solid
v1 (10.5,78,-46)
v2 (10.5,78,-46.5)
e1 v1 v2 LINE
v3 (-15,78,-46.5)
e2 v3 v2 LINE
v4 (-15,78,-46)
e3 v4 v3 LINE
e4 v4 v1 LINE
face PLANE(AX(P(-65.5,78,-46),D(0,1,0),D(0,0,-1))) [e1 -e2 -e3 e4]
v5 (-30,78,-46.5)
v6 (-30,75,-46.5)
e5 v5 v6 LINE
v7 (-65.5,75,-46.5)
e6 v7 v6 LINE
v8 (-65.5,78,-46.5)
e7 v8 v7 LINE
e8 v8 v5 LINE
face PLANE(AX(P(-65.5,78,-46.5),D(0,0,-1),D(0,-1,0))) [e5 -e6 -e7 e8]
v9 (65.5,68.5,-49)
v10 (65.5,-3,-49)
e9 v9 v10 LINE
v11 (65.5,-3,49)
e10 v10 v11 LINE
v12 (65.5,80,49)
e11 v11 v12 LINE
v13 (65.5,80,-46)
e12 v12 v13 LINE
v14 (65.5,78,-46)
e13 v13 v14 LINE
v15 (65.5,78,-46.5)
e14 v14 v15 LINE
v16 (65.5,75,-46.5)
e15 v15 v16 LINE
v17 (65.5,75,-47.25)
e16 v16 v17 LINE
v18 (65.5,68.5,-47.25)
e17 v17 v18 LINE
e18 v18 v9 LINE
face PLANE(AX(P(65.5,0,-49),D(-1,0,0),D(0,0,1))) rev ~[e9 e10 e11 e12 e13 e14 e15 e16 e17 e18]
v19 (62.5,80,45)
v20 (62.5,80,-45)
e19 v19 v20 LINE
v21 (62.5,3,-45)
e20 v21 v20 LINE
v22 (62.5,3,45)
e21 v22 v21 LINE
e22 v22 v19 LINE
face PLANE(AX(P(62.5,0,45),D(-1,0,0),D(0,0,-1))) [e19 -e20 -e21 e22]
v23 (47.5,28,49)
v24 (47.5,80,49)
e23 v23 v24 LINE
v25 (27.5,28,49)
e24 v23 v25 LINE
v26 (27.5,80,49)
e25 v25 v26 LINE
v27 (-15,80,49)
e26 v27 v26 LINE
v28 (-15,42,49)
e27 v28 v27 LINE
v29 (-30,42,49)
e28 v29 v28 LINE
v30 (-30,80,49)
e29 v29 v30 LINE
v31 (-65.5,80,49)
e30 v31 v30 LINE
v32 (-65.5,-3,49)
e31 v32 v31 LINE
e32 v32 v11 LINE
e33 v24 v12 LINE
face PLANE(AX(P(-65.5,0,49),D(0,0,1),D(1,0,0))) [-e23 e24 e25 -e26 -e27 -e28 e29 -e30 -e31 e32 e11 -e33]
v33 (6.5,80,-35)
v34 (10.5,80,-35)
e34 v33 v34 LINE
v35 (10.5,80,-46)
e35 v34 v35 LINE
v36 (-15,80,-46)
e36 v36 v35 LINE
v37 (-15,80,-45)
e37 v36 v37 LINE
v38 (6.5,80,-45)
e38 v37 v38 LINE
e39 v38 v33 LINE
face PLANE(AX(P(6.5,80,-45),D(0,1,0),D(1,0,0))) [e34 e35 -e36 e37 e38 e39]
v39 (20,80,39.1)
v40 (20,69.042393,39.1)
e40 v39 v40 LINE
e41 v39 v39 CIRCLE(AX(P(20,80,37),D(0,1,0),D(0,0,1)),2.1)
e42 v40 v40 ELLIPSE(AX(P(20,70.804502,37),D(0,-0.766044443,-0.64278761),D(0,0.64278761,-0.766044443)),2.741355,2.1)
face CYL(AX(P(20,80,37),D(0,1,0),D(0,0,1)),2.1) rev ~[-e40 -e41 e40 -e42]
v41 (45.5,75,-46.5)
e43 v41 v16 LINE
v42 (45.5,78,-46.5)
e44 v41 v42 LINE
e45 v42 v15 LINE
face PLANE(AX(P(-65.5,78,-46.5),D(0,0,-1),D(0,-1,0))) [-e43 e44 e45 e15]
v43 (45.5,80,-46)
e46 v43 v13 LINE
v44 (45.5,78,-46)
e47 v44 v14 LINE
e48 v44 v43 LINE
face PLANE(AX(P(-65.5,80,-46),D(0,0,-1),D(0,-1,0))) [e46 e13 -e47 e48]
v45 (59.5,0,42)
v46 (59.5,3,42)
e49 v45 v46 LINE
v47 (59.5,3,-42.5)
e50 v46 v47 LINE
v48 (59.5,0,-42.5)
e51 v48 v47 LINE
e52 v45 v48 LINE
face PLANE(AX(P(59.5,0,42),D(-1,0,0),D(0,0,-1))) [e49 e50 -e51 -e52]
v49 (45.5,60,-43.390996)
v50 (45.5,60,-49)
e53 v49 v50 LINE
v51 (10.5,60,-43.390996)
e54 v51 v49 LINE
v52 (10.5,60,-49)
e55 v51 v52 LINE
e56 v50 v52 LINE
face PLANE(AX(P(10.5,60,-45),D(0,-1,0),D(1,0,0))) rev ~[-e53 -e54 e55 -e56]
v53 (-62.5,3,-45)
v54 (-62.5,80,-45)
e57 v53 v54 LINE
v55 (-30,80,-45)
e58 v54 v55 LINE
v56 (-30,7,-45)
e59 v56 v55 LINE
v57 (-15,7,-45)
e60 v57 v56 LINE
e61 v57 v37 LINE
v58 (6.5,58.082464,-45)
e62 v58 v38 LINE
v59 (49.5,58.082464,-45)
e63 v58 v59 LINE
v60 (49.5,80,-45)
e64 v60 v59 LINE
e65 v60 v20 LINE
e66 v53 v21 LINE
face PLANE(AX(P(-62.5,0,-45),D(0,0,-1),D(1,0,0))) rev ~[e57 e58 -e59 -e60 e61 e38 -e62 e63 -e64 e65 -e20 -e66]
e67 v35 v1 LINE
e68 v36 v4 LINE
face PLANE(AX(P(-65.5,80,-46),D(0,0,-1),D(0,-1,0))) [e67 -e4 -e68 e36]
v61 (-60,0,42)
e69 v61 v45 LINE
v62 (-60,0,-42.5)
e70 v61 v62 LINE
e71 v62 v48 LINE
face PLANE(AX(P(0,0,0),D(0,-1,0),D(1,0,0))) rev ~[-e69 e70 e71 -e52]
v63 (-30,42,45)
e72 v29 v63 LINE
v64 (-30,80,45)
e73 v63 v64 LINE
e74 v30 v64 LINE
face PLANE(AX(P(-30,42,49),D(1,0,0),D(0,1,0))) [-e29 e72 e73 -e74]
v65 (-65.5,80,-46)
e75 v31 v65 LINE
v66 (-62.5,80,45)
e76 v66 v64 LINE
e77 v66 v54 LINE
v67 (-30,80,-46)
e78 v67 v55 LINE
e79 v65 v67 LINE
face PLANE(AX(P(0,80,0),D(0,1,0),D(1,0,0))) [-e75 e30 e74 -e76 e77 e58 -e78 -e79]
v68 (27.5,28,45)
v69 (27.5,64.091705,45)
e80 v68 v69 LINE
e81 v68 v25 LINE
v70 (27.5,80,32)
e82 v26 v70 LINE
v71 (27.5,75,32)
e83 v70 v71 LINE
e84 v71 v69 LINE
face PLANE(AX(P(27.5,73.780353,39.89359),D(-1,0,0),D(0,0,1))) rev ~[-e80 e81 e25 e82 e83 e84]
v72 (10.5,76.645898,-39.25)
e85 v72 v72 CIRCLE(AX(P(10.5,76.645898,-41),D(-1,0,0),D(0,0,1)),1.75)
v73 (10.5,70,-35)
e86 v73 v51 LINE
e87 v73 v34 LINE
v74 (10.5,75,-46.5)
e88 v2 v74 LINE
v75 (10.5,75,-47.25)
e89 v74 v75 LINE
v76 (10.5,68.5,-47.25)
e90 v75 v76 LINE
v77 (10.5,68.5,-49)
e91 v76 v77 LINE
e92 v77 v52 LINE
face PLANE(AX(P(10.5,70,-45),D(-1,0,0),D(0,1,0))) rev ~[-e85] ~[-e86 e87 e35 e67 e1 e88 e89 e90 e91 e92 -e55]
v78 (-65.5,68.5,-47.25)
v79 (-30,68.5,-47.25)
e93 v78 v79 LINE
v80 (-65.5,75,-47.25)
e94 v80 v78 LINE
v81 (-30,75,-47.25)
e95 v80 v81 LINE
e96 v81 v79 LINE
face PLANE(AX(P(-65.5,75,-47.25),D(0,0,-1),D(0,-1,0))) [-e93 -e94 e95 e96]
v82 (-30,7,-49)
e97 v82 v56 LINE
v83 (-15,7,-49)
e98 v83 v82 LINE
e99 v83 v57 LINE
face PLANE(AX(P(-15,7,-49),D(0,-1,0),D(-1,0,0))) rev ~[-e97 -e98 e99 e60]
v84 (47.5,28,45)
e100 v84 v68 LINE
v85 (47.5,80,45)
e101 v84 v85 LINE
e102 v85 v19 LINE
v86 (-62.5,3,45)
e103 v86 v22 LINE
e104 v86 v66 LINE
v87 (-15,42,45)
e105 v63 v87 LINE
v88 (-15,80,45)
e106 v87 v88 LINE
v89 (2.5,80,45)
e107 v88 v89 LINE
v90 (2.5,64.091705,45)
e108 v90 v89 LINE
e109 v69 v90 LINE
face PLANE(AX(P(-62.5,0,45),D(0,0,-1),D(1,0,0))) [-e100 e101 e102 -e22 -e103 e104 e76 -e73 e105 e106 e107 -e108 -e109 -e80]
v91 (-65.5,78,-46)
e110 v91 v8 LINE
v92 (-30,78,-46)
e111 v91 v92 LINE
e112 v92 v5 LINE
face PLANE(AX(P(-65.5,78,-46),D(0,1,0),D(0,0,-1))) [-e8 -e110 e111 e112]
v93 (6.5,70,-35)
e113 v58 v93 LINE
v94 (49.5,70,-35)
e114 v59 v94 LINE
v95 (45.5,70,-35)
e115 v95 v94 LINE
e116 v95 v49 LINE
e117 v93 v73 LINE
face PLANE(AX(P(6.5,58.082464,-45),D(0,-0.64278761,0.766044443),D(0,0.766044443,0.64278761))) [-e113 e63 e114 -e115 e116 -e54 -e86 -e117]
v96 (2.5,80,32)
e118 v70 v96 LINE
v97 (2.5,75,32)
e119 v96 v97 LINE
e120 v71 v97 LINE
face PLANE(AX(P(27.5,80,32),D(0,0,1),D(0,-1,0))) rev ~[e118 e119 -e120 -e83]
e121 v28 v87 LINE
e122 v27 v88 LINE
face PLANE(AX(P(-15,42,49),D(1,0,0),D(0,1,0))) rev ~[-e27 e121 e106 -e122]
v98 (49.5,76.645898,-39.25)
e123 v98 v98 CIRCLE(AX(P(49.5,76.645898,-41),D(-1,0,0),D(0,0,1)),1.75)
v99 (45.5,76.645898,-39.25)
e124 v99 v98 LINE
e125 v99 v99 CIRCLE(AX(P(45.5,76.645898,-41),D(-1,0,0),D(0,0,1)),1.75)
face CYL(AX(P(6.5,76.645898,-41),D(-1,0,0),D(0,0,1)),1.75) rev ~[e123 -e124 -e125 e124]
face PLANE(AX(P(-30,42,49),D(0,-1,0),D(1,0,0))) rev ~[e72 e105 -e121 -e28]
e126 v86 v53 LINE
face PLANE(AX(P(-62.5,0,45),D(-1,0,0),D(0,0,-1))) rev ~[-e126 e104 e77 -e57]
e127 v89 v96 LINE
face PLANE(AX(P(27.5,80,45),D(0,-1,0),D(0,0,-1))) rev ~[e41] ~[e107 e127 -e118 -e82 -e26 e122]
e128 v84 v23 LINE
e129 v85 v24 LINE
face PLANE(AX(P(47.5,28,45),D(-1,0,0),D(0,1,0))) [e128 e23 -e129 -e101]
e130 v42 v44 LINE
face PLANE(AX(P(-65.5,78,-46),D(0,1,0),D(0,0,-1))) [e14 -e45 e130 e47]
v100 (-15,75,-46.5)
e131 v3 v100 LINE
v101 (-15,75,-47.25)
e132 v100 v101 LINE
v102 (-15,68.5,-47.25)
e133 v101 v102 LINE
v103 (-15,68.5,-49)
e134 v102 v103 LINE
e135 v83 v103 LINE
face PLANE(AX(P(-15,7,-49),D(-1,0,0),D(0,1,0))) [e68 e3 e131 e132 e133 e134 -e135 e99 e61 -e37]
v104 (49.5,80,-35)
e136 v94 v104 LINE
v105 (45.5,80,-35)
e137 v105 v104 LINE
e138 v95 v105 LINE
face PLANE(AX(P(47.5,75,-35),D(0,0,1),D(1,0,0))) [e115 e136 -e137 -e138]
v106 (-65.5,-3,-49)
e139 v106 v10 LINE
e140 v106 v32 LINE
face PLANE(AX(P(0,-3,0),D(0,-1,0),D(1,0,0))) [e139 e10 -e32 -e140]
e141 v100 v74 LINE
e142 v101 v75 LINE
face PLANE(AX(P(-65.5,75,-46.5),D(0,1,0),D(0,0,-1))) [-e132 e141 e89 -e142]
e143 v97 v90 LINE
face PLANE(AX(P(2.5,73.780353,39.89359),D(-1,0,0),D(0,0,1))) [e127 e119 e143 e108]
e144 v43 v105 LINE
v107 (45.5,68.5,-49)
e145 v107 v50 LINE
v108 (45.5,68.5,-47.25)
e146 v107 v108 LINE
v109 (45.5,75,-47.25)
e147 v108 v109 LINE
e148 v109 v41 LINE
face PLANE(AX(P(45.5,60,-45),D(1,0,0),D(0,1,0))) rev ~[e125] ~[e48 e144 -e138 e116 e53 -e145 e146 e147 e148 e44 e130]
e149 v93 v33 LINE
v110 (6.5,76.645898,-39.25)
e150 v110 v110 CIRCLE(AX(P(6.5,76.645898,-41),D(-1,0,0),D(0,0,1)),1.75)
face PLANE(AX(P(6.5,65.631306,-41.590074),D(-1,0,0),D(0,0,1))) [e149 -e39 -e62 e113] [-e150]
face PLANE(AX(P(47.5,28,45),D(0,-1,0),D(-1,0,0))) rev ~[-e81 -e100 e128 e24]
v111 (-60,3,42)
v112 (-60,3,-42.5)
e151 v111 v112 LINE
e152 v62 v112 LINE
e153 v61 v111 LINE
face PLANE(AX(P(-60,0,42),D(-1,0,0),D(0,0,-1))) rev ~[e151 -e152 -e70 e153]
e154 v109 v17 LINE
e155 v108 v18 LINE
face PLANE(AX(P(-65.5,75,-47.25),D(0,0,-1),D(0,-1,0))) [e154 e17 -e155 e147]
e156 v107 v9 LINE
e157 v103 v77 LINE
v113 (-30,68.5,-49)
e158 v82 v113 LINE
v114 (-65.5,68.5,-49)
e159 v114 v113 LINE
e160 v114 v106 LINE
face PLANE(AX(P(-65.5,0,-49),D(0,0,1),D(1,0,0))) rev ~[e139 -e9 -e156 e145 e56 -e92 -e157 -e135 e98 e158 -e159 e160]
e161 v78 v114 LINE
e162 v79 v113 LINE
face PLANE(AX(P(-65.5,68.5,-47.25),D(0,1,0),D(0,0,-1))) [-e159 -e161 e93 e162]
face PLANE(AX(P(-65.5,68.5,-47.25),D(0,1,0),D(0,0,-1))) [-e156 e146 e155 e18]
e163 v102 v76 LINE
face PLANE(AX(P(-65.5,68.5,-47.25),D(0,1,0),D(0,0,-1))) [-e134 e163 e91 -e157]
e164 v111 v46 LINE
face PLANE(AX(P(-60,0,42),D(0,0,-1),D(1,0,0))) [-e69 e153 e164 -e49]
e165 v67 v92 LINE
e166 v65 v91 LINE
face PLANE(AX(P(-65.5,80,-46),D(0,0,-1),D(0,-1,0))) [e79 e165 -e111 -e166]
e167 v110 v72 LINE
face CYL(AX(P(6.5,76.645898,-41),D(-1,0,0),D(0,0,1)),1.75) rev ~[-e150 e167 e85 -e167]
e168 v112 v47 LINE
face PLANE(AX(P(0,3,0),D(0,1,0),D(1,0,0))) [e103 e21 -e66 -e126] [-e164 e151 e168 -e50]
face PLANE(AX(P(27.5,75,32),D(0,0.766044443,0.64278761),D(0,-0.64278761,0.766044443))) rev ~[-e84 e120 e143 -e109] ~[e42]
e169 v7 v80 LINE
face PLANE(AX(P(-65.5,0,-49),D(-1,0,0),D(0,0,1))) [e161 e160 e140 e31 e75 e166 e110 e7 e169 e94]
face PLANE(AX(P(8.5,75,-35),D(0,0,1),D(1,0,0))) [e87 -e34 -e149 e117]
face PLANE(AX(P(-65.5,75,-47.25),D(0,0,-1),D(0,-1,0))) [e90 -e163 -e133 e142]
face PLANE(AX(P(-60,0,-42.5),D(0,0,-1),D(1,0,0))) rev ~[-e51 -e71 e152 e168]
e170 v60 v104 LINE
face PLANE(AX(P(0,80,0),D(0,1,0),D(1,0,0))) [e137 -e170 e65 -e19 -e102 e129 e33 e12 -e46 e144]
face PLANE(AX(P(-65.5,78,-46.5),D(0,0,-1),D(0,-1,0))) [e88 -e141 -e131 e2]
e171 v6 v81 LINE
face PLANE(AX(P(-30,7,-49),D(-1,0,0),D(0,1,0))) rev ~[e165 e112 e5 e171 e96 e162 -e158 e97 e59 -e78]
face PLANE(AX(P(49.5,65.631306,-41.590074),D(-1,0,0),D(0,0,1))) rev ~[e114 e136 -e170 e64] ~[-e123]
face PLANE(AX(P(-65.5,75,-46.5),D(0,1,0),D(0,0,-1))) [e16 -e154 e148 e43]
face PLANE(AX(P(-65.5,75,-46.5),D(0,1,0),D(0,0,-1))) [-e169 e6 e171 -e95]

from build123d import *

# Parameters (mm, degrees)
SKETCH1_W                       = 131
SKETCH1_H                       = 98
SKETCH1_W_2                     = 125
SKETCH1_H_2                     = 90
BOSS_EXTRUDE1_DEPTH             = 80
SKETCH2_W                       = 131
SKETCH2_H                       = 98
BOSS_EXTRUDE2_DEPTH             = 3
SKETCH4_W                       = 125
SKETCH4_H                       = 90
SKETCH4_W_2                     = 119.5
SKETCH4_H_2                     = 84.5
BOSS_EXTRUDE3_DEPTH             = 3
SKETCH5_W                       = 15
SKETCH5_H                       = 73
CABLE_CUT_TOP_DEPTH             = 4
CABLE_CUT_BOTTOM_RIGHT_REACH    = 141.736
SKETCH6_W                       = 20
SKETCH6_H                       = 52
SKETCH10_W                      = 15
SKETCH10_H                      = 38
CABLE_CUT_BOTTOM_LEFT_DEPTH     = 4
SCHANIER_CUT_REACH              = 141.736
SKETCH7_W                       = 35
SKETCH7_H                       = 20
SKETCH8_W                       = 4
SKETCH8_H                       = 10
SCHANIER_DEPTH                  = 10
F_3D_PRINTER_SUPPORT_DEPTH      = 43
SKIZZE3_W                       = 35
SKIZZE3_H                       = 10
SCHNITT_LINEAR_AUSTRAGEN1_DEPTH = 20
SCHNITT_LINEAR_AUSTRAGEN3_REACH = 120.258
SKIZZE5_R                       = 1.75
AUFSATZ_LINEAR_AUSTRAGEN2_DEPTH = 25
SCHNITT_LINEAR_AUSTRAGEN4_REACH = 118.534
SKIZZE10_R                      = 2.1
CUT_EXTRUDE4_REACH              = 163.127


with BuildPart() as part:
    # Sketch1 → Boss-Extrude1 (new body)
    with BuildSketch(Plane(origin=(0, 0, 0), x_dir=(1, 0, 0), z_dir=(0, 1, 0))):
        Rectangle(SKETCH1_W, SKETCH1_H)
        Rectangle(SKETCH1_W_2, SKETCH1_H_2, mode=Mode.SUBTRACT)
    extrude(amount=BOSS_EXTRUDE1_DEPTH)

    # Sketch2 → Boss-Extrude2 (add)
    with BuildSketch(Plane.XZ):
        Rectangle(SKETCH2_W, SKETCH2_H)
    extrude(amount=BOSS_EXTRUDE2_DEPTH)

    # Sketch4 → Boss-Extrude3 (add)
    with BuildSketch(Plane(origin=(0, 0, 0), x_dir=(1, 0, 0), z_dir=(0, 1, 0))):
        Rectangle(SKETCH4_W, SKETCH4_H)
        with Locations((-0.25, 0.25)):
            Rectangle(SKETCH4_W_2, SKETCH4_H_2, mode=Mode.SUBTRACT)
    extrude(amount=BOSS_EXTRUDE3_DEPTH)

    # Sketch5 → Cable Cut Top (cut)
    with BuildSketch(Plane(origin=(0, 0, -49), x_dir=(-1, 0, 0), z_dir=(0, 0, -1))):
        with Locations((22.5, 43.5)):
            Rectangle(SKETCH5_W, SKETCH5_H)
    extrude(amount=-CABLE_CUT_TOP_DEPTH, mode=Mode.SUBTRACT)

    # Sketch6 → Cable Cut Bottom Right (cut, up to next)
    with BuildSketch(Plane(origin=(0, 0, 45), x_dir=(-1, 0, 0), z_dir=(0, 0, -1)), mode=Mode.PRIVATE) as cable_cut_bottom_right_sk1:
        with Locations((-37.5, 54)):
            Rectangle(SKETCH6_W, SKETCH6_H)
    cable_cut_bottom_right_tool1 = extrude(cable_cut_bottom_right_sk1.sketch, amount=-CABLE_CUT_BOTTOM_RIGHT_REACH, mode=Mode.PRIVATE) & part.part
    add(cable_cut_bottom_right_tool1.solids().sort_by_distance((37.5, 54, 45))[0], mode=Mode.SUBTRACT)

    # Sketch10 → Cable Cut Bottom Left (cut)
    with BuildSketch(Plane.XY.offset(49)):
        with Locations((-22.5, 61)):
            Rectangle(SKETCH10_W, SKETCH10_H)
    extrude(amount=-CABLE_CUT_BOTTOM_LEFT_DEPTH, mode=Mode.SUBTRACT)

    # Sketch7 → Schanier Cut (cut, up to next)
    with BuildSketch(Plane.XY.offset(-45), mode=Mode.PRIVATE) as schanier_cut_sk1:
        with Locations((28, 70)):
            Rectangle(SKETCH7_W, SKETCH7_H)
    schanier_cut_tool1 = extrude(schanier_cut_sk1.sketch, amount=-SCHANIER_CUT_REACH, mode=Mode.PRIVATE) & part.part
    add(schanier_cut_tool1.solids().sort_by_distance((28, 70, -45))[0], mode=Mode.SUBTRACT)

    # Sketch8 → Schanier (add)
    with BuildSketch(Plane.XY.offset(-45)):
        with Locations((8.5, 75)):
            Rectangle(SKETCH8_W, SKETCH8_H)
        with Locations((47.5, 75)):
            Rectangle(SKETCH8_W, SKETCH8_H)
    extrude(amount=SCHANIER_DEPTH)

    # Skizze2 → 3D Printer Support (add)
    with BuildSketch(Plane.ZY.offset(-6.5)):
        Polygon((-35, 70), (-45, 70), (-45, 58.082464074), align=None)
    extrude(amount=-F_3D_PRINTER_SUPPORT_DEPTH)

    # Skizze3 → Schnitt-Linear austragen1 (cut)
    with BuildSketch(Plane(origin=(0, 0, -45), x_dir=(-1, 0, 0), z_dir=(0, 0, -1))):
        with Locations((-28, 65)):
            Rectangle(SKIZZE3_W, SKIZZE3_H)
    extrude(amount=-SCHNITT_LINEAR_AUSTRAGEN1_DEPTH, mode=Mode.SUBTRACT)

    # Schnitt-Linear austragen3: up to this face of the body (flat: up to its plane)
    schnitt_linear_austragen3_end = Plane(part.part.faces().sort_by_distance((49.5, 71.649796712, -40.622308687))[0])
    # Skizze5 → Schnitt-Linear austragen3 (cut, up to the picked face)
    with BuildSketch(Plane.ZY.offset(-6.5), mode=Mode.PRIVATE) as schnitt_linear_austragen3_sk1:
        with Locations((-41, 76.645898034)):
            Circle(SKIZZE5_R)
    schnitt_linear_austragen3_tool1 = split(extrude(schnitt_linear_austragen3_sk1.sketch, amount=-SCHNITT_LINEAR_AUSTRAGEN3_REACH, mode=Mode.PRIVATE), bisect_by=schnitt_linear_austragen3_end, keep=Keep.BOTH, mode=Mode.PRIVATE)
    add(schnitt_linear_austragen3_tool1.solids().sort_by(Axis((6.5, 76.645898, -41), (1, 0, 0)))[0], mode=Mode.SUBTRACT)

    # Skizze9 → Aufsatz-Linear austragen2 (add)
    with BuildSketch(Plane(origin=(27.5, 0, 0), x_dir=(0, 0, -1), z_dir=(1, 0, 0))):
        Polygon((-45, 80), (-32, 80), (-32, 75), (-45, 64.091704795), align=None)
    extrude(amount=-AUFSATZ_LINEAR_AUSTRAGEN2_DEPTH)

    # Schnitt-Linear austragen4: up to this plane
    schnitt_linear_austragen4_end = Plane(origin=(2.5, 75, 32), z_dir=(0, -0.766044443118974, -0.6427876096865441))
    # Skizze10 → Schnitt-Linear austragen4 (cut, up to the surface)
    with BuildSketch(Plane(origin=(0, 80, 0), x_dir=(1, 0, 0), z_dir=(0, 1, 0)), mode=Mode.PRIVATE) as schnitt_linear_austragen4_sk1:
        with Locations(Location((20, -37, 0), (0, 0, 270))):
            Circle(SKIZZE10_R)
    schnitt_linear_austragen4_tool1 = split(extrude(schnitt_linear_austragen4_sk1.sketch, amount=-SCHNITT_LINEAR_AUSTRAGEN4_REACH, mode=Mode.PRIVATE), bisect_by=schnitt_linear_austragen4_end, keep=Keep.BOTH, mode=Mode.PRIVATE)
    add(schnitt_linear_austragen4_tool1.solids().sort_by_distance((20, 80, 37))[0], mode=Mode.SUBTRACT)

    # Cut-Extrude4: up to this face of the body (flat: up to its plane)
    cut_extrude4_end = Plane(part.part.faces().sort_by_distance((65.5, 38.5, 0))[0])
    # Sketch9 → Cut-Extrude4 (cut, up to the picked face)
    with BuildSketch(Plane.ZY.offset(65.5), mode=Mode.PRIVATE) as cut_extrude4_sk1:
        Polygon((-46, 78), (-46.5, 78), (-46.5, 75), (-47.25, 75), (-47.25, 68.5), (-49, 68.5), (-49, 80), (-46, 80), align=None)
    cut_extrude4_tool1 = split(extrude(cut_extrude4_sk1.sketch, amount=-CUT_EXTRUDE4_REACH, mode=Mode.PRIVATE), bisect_by=cut_extrude4_end, keep=Keep.BOTH, mode=Mode.PRIVATE)
    add(cut_extrude4_tool1.solids().sort_by(Axis((-65.5, 74.930905, -47.861181), (1, 0, 0)))[0], mode=Mode.SUBTRACT)


solid = part.part
